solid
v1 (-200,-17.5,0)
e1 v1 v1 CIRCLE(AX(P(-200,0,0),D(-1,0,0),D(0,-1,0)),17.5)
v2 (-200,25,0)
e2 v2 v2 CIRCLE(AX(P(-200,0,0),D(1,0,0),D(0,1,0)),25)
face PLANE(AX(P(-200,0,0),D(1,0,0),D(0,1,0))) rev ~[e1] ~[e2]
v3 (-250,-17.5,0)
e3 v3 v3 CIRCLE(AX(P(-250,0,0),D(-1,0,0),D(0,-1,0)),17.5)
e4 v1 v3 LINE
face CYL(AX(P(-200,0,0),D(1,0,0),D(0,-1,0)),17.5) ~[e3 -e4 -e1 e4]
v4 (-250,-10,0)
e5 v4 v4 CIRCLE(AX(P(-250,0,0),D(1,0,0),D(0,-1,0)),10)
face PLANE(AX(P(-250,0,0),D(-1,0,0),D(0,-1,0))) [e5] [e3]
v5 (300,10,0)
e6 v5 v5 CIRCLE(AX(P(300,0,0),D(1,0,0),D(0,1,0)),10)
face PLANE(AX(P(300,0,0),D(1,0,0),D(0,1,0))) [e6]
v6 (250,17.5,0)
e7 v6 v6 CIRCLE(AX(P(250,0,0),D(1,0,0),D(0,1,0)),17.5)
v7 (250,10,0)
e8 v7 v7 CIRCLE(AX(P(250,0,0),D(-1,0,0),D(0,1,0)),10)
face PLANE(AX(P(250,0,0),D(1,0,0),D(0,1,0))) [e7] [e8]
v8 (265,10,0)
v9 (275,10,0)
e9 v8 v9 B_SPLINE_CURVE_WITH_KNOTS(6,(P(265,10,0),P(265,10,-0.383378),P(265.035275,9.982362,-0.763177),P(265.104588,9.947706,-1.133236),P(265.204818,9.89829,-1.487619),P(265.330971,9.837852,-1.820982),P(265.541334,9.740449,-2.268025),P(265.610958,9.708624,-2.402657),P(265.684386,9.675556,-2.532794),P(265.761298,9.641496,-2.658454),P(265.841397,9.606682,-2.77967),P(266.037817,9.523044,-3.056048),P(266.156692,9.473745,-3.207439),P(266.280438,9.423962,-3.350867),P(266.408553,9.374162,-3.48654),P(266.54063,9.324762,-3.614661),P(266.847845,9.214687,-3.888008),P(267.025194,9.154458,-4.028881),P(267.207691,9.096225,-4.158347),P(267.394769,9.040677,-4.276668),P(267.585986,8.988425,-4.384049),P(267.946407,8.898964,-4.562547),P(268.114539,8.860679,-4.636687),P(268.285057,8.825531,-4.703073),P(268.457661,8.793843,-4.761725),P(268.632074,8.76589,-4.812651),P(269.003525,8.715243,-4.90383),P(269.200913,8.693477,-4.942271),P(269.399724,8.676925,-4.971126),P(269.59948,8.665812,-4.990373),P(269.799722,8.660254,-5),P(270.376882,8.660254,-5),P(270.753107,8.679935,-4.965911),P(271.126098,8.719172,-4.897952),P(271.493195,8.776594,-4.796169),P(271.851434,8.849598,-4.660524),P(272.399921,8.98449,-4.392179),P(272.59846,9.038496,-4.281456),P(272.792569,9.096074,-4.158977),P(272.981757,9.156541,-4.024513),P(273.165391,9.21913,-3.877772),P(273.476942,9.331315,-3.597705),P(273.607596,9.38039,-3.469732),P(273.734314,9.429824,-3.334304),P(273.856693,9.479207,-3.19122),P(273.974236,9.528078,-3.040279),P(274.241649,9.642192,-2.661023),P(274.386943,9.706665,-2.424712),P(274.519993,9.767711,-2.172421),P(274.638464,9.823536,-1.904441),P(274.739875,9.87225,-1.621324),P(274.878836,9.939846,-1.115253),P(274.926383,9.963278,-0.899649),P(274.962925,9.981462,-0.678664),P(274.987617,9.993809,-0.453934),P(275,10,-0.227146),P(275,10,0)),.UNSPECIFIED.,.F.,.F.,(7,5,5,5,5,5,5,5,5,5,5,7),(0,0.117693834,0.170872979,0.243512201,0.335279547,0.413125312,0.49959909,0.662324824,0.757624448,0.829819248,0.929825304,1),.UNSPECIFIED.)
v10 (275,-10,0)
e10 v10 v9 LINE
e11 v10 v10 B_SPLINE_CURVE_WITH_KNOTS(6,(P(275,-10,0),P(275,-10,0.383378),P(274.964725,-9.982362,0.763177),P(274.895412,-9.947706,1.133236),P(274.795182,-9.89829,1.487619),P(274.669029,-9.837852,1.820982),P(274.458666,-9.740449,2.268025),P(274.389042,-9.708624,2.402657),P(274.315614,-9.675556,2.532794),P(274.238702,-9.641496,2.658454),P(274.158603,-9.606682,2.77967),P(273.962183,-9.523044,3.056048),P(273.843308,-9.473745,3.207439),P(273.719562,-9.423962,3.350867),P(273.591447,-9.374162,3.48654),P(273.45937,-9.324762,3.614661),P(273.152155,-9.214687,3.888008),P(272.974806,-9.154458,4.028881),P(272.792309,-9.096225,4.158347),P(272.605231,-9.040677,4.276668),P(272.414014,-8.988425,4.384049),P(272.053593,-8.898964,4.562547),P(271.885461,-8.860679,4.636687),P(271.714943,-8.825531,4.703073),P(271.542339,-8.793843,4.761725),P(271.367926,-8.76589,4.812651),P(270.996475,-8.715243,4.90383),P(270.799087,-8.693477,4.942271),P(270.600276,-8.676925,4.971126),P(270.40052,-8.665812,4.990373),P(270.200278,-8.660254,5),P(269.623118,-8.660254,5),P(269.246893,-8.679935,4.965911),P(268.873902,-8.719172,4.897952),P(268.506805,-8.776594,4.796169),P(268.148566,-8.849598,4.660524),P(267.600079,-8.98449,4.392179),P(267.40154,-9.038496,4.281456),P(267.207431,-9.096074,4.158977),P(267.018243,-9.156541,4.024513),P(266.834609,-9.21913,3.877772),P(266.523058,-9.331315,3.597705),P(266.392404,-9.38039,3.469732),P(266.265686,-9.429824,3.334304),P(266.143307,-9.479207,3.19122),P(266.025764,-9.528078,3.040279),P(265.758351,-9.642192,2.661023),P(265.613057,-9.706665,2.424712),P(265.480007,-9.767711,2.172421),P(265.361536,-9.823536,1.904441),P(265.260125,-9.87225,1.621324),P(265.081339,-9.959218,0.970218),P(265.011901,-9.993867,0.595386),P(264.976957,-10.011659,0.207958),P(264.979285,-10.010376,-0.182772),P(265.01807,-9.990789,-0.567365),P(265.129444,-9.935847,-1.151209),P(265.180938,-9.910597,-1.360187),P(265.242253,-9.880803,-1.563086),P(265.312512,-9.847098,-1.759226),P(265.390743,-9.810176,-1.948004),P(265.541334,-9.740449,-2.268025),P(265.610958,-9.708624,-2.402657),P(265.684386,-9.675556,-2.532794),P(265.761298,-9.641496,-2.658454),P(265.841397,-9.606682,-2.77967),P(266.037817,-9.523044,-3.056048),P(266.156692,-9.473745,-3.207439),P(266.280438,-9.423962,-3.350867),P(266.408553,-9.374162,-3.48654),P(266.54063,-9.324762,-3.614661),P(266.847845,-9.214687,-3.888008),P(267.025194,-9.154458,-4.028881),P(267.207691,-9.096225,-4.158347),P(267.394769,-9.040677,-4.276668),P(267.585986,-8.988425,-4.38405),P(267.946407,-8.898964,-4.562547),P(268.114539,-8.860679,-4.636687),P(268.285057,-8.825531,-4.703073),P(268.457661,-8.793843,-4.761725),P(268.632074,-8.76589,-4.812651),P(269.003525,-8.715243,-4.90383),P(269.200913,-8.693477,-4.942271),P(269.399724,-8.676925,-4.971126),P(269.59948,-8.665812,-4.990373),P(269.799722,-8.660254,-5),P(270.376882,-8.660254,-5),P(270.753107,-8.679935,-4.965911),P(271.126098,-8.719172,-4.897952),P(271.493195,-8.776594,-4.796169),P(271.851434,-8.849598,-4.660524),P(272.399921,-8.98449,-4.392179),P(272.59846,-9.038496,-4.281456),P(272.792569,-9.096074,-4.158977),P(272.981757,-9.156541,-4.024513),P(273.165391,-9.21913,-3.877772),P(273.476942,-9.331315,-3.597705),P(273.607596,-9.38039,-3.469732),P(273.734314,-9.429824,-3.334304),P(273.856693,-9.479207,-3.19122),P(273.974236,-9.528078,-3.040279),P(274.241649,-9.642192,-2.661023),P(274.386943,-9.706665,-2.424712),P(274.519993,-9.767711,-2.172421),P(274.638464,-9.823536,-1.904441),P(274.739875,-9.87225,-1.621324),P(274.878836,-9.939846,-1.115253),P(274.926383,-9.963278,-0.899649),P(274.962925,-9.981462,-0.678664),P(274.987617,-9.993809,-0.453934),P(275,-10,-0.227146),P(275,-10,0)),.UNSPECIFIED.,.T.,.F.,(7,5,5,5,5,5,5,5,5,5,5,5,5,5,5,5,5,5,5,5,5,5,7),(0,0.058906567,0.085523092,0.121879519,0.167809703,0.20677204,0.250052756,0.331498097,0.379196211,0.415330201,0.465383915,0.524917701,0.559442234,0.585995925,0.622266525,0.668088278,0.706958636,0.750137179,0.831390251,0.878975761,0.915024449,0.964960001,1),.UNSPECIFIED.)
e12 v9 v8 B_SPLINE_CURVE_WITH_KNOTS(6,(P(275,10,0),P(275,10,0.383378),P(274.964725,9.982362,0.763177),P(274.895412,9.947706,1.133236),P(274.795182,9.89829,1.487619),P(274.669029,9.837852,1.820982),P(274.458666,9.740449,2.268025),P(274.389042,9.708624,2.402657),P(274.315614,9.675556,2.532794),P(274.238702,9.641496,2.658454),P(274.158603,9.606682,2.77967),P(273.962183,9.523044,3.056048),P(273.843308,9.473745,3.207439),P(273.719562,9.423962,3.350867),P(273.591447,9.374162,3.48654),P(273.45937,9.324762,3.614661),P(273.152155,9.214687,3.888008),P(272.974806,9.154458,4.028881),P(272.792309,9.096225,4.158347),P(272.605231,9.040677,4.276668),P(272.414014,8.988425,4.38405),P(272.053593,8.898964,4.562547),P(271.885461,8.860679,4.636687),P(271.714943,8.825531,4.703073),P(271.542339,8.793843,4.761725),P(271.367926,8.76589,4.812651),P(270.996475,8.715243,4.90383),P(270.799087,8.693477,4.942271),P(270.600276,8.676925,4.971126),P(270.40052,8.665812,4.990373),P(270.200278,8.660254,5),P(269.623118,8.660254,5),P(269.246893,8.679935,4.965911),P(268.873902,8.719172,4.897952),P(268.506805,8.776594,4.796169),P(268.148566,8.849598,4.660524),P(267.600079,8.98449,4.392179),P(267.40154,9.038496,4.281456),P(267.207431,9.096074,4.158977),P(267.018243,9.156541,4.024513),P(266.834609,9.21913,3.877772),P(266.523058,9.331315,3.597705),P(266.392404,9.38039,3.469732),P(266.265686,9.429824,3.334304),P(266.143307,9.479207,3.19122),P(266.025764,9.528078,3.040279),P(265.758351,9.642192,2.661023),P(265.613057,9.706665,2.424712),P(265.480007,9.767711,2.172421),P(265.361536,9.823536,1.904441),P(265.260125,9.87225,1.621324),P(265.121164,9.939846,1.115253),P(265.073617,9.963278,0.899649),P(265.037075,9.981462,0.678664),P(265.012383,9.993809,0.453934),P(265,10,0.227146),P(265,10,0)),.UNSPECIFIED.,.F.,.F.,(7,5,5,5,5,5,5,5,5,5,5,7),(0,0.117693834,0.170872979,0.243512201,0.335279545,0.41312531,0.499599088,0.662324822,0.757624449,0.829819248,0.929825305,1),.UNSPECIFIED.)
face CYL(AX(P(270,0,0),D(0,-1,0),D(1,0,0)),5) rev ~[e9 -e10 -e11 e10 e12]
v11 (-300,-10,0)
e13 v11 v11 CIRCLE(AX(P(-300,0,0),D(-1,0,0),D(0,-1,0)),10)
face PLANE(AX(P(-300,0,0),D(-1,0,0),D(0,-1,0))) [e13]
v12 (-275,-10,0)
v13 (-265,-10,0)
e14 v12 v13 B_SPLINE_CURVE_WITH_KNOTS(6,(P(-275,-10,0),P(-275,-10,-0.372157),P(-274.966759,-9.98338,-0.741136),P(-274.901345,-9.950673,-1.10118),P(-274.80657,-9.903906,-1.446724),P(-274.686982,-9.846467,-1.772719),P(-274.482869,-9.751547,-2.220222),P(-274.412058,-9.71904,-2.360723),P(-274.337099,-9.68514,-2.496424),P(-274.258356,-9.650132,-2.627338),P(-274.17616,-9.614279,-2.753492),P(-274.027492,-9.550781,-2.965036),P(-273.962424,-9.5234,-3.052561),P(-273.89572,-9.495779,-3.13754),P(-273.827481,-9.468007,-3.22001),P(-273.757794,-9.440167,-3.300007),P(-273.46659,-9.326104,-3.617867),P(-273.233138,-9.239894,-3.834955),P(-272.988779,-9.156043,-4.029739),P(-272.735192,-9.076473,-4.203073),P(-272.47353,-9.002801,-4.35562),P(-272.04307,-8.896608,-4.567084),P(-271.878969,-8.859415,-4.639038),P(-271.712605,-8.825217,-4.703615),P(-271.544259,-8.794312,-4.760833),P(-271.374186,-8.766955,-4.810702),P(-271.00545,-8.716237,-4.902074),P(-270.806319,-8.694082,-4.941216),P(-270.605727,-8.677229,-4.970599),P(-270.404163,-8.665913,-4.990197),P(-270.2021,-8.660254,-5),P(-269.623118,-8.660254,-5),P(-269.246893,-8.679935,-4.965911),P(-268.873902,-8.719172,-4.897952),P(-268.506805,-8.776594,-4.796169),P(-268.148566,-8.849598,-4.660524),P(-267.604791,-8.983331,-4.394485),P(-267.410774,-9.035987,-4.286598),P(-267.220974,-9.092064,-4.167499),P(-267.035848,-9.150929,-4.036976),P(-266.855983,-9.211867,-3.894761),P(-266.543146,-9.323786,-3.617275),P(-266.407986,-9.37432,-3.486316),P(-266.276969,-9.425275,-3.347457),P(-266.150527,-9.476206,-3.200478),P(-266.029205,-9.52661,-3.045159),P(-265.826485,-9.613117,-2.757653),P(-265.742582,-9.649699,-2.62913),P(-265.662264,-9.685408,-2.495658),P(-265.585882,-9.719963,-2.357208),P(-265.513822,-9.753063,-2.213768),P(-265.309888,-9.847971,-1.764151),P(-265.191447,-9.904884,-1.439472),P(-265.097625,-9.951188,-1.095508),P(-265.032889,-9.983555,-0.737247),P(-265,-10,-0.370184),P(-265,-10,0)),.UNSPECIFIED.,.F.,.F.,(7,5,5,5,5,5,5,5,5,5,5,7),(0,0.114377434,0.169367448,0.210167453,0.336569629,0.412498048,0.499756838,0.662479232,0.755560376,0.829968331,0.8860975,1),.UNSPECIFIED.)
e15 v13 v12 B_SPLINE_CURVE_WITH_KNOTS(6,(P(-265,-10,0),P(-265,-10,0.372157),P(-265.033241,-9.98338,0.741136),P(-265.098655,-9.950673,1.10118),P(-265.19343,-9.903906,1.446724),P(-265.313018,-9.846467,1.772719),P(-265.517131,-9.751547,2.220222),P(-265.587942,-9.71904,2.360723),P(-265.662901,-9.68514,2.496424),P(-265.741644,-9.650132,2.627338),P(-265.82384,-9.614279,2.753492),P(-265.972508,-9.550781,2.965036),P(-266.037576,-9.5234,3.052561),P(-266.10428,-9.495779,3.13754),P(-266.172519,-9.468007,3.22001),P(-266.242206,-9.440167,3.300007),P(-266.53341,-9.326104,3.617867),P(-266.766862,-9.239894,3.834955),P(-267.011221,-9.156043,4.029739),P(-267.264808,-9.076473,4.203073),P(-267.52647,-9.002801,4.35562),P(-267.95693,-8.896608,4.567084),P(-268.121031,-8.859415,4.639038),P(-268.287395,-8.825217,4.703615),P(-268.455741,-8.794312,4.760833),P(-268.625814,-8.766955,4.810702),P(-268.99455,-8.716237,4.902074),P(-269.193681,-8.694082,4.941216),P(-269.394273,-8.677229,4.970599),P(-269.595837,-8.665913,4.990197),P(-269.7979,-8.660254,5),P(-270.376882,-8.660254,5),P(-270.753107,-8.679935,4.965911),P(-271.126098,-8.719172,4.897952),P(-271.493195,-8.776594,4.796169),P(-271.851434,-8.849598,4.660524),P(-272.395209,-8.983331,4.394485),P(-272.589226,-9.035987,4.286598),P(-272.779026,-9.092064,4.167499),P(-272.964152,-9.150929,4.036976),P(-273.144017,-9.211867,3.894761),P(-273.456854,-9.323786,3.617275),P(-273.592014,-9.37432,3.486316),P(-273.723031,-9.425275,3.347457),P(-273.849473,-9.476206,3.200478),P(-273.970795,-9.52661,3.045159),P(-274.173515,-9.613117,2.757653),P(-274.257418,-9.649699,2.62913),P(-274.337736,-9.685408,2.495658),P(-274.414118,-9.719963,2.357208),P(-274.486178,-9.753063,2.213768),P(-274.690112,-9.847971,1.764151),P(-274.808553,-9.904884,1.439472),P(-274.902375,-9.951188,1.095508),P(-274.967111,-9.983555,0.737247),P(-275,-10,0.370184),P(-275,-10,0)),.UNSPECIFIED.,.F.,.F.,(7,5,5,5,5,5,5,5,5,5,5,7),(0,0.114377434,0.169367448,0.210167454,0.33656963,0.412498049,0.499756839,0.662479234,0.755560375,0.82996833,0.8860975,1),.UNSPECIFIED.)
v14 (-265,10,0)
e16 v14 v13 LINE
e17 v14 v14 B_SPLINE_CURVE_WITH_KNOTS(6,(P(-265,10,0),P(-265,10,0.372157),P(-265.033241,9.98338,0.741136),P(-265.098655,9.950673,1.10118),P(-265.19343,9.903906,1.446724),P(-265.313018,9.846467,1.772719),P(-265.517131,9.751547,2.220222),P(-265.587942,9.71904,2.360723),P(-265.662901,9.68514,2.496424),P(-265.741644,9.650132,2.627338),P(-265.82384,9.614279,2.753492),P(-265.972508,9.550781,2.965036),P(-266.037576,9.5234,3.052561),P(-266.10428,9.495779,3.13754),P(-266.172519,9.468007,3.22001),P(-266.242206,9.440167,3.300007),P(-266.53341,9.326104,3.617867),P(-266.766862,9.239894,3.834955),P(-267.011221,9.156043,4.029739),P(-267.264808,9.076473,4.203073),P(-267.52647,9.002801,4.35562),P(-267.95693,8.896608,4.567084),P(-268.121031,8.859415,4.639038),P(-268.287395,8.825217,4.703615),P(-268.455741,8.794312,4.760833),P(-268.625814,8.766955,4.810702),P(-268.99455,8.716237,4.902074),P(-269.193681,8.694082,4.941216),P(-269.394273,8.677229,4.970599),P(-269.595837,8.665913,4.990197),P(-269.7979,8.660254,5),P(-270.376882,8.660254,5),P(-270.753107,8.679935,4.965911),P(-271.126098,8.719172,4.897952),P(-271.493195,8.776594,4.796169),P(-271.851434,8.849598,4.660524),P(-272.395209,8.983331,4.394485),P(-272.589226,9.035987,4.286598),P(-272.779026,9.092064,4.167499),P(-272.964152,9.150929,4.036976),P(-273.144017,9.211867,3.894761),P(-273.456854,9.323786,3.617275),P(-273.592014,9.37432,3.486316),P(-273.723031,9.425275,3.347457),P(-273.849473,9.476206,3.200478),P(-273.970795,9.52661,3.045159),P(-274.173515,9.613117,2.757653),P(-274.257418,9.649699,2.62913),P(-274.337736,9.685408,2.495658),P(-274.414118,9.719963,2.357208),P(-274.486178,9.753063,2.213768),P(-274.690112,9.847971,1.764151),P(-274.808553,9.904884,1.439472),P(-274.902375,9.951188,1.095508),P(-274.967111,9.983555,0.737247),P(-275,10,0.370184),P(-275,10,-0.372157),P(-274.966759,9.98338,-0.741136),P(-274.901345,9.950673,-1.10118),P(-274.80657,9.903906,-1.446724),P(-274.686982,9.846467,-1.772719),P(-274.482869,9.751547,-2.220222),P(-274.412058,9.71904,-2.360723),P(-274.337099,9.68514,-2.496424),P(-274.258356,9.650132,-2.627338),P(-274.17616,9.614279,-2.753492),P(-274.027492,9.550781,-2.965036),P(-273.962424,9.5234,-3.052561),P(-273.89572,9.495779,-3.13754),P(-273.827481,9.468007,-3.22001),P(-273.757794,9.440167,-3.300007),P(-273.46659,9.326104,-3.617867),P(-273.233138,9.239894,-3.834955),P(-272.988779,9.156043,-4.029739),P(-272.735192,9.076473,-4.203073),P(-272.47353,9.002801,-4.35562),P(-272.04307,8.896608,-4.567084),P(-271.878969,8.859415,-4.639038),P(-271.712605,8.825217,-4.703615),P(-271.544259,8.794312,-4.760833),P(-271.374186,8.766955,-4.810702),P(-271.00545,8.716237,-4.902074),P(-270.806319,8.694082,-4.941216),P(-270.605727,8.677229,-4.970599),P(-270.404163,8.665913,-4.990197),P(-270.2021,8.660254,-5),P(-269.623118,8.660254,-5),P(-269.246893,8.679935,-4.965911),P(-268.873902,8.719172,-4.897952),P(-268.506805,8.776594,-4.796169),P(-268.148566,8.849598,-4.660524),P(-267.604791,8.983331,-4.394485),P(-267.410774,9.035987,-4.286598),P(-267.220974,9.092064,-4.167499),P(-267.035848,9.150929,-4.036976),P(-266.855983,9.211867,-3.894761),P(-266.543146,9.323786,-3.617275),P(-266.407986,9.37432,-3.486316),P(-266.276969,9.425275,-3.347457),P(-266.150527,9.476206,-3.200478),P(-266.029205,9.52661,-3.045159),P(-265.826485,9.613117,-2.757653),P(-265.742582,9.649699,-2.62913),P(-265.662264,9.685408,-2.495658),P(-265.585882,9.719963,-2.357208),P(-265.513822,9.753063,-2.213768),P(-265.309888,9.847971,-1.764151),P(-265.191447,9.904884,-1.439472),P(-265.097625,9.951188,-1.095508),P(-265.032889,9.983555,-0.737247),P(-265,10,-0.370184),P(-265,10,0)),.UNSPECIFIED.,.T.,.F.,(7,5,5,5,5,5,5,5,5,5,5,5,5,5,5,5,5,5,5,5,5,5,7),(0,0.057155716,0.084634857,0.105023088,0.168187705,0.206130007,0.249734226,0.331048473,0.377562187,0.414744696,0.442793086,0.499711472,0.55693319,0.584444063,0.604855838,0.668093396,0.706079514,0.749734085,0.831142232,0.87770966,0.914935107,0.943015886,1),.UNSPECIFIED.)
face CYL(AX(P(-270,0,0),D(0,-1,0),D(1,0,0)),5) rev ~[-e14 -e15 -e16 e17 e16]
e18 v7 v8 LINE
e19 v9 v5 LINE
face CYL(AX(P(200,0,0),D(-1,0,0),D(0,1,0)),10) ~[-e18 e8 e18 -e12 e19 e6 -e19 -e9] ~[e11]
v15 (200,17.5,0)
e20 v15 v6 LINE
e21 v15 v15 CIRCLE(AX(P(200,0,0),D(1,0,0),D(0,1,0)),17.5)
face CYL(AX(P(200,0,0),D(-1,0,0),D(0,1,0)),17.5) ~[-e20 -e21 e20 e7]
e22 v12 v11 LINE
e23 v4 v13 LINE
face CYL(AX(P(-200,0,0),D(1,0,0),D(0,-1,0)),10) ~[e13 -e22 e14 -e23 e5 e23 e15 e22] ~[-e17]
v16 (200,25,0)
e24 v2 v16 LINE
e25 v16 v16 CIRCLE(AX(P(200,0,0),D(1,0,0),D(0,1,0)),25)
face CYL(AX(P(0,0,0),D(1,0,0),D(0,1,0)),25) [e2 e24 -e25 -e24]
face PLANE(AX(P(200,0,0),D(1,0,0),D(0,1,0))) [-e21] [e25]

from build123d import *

# Parameters (mm, degrees)
F0_R      = 25
F1_DEPTH  = 200
F2_R      = 10
F3_DEPTH  = 100
F4_R      = 10
F5_DEPTH  = 100
F6_R      = 5
F7_DEPTH  = 50
F8_R      = 17.5
F9_DEPTH  = 50
F10_R     = 17.5
F11_DEPTH = 50


with BuildPart() as f1:
    # F0 (on Right) → F1 (new body, symmetric)
    with BuildSketch(Plane.YZ):
        Circle(F0_R)
    extrude(amount=F1_DEPTH, both=True)

    # F2 (on face) → F3 (join)
    with BuildSketch(Plane(origin=(-200, 0, 0), x_dir=(0, -1, 0), z_dir=(-1, 0, 0))):
        Circle(F2_R)
    extrude(amount=F3_DEPTH)

    # F4 (on face) → F5 (join)
    with BuildSketch(Plane.YZ.offset(200)):
        Circle(F4_R)
    extrude(amount=F5_DEPTH)

    # F6 (on Front) → F7 (cut, symmetric)
    with BuildSketch(Plane.XZ):
        with Locations((270, 0)):
            Circle(F6_R)
        with Locations((-270, 0)):
            Circle(F6_R)
    extrude(amount=F7_DEPTH, both=True, mode=Mode.SUBTRACT)

    # F8 (on face) → F9 (join)
    with BuildSketch(Plane(origin=(-200, 0, 0), x_dir=(0, -1, 0), z_dir=(-1, 0, 0))):
        Circle(F8_R)
    extrude(amount=F9_DEPTH)

    # F10 (on face) → F11 (join)
    with BuildSketch(Plane.YZ.offset(200)):
        Circle(F10_R)
    extrude(amount=F11_DEPTH)


solid = f1.part
